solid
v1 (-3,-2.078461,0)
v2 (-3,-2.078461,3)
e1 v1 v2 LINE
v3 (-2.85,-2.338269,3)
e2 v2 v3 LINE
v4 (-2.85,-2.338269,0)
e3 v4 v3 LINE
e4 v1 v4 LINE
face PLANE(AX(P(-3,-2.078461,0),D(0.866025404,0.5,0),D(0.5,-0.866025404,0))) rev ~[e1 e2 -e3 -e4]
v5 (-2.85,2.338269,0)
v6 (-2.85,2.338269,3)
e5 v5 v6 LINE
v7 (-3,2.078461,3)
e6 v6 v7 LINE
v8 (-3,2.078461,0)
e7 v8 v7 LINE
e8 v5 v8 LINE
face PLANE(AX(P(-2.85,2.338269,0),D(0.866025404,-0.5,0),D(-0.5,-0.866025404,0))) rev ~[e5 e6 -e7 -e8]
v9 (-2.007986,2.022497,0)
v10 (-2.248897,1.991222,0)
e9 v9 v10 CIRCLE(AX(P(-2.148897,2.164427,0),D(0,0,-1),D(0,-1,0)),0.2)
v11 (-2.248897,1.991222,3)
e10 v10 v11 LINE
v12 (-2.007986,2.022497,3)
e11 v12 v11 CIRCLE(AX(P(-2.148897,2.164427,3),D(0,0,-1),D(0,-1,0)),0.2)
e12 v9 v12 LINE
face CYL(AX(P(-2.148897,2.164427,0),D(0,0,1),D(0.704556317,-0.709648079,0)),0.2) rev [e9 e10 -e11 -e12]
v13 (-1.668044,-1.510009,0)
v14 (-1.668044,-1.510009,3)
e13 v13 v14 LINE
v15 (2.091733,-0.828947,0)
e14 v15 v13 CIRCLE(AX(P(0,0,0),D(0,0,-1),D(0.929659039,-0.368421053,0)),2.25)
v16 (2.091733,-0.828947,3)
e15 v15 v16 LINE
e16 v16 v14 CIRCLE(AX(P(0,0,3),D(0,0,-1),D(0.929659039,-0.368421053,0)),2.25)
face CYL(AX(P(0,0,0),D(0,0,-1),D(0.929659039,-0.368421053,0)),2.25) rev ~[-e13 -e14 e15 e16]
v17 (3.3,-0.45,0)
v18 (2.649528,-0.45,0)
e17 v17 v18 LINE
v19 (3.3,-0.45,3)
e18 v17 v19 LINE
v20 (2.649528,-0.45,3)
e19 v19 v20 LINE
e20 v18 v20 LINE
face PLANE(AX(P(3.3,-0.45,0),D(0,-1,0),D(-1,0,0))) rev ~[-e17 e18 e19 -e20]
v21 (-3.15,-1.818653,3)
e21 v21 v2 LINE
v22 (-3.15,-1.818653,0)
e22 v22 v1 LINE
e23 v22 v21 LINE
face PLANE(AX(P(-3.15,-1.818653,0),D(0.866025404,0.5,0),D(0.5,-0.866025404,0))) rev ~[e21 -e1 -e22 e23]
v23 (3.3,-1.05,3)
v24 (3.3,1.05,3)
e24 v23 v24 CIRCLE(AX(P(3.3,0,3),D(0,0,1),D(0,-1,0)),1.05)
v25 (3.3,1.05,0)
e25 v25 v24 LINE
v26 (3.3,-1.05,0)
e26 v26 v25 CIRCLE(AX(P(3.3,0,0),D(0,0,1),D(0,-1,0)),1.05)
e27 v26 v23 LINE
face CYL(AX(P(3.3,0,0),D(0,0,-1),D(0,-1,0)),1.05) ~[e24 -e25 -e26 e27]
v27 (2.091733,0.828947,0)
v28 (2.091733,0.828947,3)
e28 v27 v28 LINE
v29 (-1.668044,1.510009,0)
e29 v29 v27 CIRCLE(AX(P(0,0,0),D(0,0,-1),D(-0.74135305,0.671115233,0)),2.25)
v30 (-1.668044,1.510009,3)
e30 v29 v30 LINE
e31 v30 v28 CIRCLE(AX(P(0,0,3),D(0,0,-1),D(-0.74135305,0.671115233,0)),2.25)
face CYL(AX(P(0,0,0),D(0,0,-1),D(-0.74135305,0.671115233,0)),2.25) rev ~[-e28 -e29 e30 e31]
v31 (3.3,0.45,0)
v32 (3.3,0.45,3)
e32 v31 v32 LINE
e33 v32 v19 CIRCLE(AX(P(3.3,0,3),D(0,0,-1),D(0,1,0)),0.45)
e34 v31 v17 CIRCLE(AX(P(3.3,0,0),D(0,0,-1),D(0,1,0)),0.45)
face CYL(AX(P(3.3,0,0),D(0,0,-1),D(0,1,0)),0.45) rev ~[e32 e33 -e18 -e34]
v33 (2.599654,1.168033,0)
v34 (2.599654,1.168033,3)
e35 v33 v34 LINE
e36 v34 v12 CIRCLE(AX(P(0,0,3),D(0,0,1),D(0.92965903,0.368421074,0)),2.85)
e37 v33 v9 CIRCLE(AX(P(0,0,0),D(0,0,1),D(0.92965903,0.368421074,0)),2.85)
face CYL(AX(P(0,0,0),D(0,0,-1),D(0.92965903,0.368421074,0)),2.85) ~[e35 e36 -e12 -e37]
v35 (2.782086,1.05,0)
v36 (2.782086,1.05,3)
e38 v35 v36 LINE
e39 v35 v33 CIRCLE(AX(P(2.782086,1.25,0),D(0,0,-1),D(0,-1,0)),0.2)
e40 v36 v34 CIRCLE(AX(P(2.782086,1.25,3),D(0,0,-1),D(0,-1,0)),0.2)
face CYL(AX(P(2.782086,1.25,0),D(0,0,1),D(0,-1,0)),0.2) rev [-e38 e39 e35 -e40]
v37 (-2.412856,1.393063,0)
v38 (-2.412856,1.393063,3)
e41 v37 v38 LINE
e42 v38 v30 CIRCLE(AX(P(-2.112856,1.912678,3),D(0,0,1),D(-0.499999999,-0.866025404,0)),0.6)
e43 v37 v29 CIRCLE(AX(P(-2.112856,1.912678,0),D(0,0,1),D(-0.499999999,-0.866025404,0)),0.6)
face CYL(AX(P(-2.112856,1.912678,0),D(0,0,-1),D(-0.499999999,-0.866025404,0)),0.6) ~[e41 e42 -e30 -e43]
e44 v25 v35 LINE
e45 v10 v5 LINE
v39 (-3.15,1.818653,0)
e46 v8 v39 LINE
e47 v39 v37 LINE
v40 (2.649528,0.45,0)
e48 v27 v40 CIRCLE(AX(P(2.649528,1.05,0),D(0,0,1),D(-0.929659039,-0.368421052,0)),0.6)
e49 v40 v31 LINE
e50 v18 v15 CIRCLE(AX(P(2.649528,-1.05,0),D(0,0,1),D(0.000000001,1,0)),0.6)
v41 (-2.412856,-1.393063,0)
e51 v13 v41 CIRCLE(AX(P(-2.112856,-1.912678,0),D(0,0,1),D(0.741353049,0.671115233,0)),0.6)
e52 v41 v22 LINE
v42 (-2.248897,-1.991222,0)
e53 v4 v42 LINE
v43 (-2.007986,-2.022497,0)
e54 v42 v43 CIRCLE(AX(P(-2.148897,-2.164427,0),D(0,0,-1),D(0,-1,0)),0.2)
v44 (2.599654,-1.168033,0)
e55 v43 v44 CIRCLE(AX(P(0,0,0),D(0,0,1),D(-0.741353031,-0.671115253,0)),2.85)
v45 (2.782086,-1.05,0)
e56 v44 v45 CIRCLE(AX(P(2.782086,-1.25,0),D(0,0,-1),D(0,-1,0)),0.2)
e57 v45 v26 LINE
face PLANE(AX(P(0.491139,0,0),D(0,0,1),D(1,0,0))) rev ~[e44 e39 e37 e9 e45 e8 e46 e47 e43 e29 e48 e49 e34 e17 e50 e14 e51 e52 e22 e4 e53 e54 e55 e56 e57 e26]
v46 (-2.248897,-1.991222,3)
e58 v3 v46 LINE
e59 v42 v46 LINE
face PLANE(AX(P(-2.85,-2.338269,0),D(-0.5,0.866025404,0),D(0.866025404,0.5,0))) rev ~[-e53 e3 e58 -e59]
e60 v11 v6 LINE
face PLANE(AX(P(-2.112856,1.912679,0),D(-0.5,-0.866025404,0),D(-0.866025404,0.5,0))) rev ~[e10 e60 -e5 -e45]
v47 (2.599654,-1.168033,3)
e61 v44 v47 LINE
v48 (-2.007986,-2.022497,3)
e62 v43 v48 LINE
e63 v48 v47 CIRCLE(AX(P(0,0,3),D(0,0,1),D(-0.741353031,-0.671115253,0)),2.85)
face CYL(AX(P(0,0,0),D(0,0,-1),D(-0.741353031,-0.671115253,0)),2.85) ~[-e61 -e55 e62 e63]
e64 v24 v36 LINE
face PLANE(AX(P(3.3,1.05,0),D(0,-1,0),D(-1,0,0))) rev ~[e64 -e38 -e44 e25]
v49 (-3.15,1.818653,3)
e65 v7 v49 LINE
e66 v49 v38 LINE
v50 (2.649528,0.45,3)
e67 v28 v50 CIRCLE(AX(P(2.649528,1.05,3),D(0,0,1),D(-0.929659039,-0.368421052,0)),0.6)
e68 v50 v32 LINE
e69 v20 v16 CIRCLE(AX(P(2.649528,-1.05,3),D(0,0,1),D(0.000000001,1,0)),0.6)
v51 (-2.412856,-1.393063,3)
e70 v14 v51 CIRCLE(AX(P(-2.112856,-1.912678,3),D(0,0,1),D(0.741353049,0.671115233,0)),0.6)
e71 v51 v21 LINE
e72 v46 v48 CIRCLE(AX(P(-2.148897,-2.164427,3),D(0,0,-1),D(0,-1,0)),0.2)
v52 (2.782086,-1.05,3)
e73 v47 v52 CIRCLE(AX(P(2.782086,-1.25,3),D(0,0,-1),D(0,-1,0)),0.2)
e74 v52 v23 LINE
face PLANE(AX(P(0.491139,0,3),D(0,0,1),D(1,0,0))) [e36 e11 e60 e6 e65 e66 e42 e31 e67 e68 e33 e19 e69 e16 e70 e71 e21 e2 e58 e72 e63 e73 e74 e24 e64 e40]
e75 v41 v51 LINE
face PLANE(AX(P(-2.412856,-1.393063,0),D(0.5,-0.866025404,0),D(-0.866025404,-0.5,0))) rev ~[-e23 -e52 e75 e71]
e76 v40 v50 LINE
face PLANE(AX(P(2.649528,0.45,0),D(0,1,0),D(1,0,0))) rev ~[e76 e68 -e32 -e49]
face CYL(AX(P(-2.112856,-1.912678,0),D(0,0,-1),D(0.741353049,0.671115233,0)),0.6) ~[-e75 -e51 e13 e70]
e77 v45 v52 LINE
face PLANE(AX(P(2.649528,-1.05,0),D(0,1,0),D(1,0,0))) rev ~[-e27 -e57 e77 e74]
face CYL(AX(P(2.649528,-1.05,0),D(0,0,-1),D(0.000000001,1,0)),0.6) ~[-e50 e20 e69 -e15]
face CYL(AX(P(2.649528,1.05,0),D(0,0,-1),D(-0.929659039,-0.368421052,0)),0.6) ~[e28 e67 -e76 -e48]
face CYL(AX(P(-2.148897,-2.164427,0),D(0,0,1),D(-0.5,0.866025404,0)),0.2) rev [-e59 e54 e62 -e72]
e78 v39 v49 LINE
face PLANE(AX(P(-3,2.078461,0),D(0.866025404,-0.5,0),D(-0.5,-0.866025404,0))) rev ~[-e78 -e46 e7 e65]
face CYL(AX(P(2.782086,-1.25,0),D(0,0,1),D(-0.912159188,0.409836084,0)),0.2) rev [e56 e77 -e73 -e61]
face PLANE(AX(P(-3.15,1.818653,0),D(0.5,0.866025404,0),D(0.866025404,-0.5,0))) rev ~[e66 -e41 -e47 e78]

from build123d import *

# Parameters (mm, degrees)
F1_DEPTH = 1
F2_SCALE = 3
F3_R     = 0.2


with BuildPart() as f1:
    # F0 (on Top) → F1 (new body)
    with BuildSketch(Plane.XY):
        with BuildLine():
            ThreePointArc((-0.5560147872, 0.5033364247), (0.1336825888, 0.7379898139), (0.6972442789, 0.2763157895))
            ThreePointArc((0.6972442789, 0.2763157895), (0.7707857892, 0.1845659616), (0.8831760866, 0.15))
            Line((0.8831760866, 0.15), (1.1, 0.15))
            ThreePointArc((1.1, 0.15), (1.25, 0), (1.1, -0.15))
            Line((1.1, -0.15), (0.8831760866, -0.15))
            ThreePointArc((0.8831760866, -0.15), (0.7707857892, -0.1845659616), (0.6972442789, -0.2763157895))
            ThreePointArc((0.6972442789, -0.2763157895), (0.1336825888, -0.7379898139), (-0.5560147872, -0.5033364247))
            ThreePointArc((-0.5560147872, -0.5033364247), (-0.6732626201, -0.4399801523), (-0.8042853971, -0.4643543905))
            Line((-0.8042853971, -0.4643543905), (-1.05, -0.6062177826))
            Line((-1.05, -0.6062177826), (-1, -0.692820323))
            Line((-1, -0.692820323), (-0.7542853971, -0.5509569309))
            ThreePointArc((-0.7542853971, -0.5509569309), (-0.6887740086, -0.5387698118), (-0.6301500921, -0.570447948))
            ThreePointArc((-0.6301500921, -0.570447948), (0.1515069339, -0.8363884558), (0.7902101828, -0.3131578947))
            ThreePointArc((0.7902101828, -0.3131578947), (0.8269809379, -0.2672829808), (0.8831760866, -0.25))
            Line((0.8831760866, -0.25), (1.1, -0.25))
            ThreePointArc((1.1, -0.25), (1.35, 0), (1.1, 0.25))
            Line((1.1, 0.25), (0.8831760866, 0.25))
            ThreePointArc((0.8831760866, 0.25), (0.8269809379, 0.2672829808), (0.7902101828, 0.3131578947))
            ThreePointArc((0.7902101828, 0.3131578947), (0.1515069339, 0.8363884558), (-0.6301500921, 0.570447948))
            ThreePointArc((-0.6301500921, 0.570447948), (-0.6887740086, 0.5387698118), (-0.7542853971, 0.5509569309))
            Line((-0.7542853971, 0.5509569309), (-1, 0.692820323))
            Line((-1, 0.692820323), (-1.05, 0.6062177826))
            Line((-1.05, 0.6062177826), (-0.8042853971, 0.4643543905))
            ThreePointArc((-0.8042853971, 0.4643543905), (-0.6732626201, 0.4399801523), (-0.5560147872, 0.5033364247))
        make_face()
        with BuildLine():
            Line((-0.949999984, 0.7794228911), (-1, 0.692820323))
            Line((-1, 0.692820323), (-0.7542853971, 0.5509569309))
            ThreePointArc((-0.7542853971, 0.5509569309), (-0.6887740086, 0.5387698118), (-0.6301500921, 0.570447948))
            ThreePointArc((-0.6301500921, 0.570447948), (0.1515069339, 0.8363884558), (0.7902101828, 0.3131578947))
            ThreePointArc((0.7902101828, 0.3131578947), (0.8269809379, 0.2672829808), (0.8831760866, 0.25))
            Line((0.8831760866, 0.25), (1.1, 0.25))
            ThreePointArc((1.1, 0.25), (1.35, 0), (1.1, -0.25))
            Line((1.1, -0.25), (0.8831760866, -0.25))
            ThreePointArc((0.8831760866, -0.25), (0.8269809379, -0.2672829808), (0.7902101828, -0.3131578947))
            ThreePointArc((0.7902101828, -0.3131578947), (0.1515069339, -0.8363884558), (-0.6301500921, -0.570447948))
            ThreePointArc((-0.6301500921, -0.570447948), (-0.6887740086, -0.5387698118), (-0.7542853971, -0.5509569309))
            Line((-0.7542853971, -0.5509569309), (-1, -0.692820323))
            Line((-1, -0.692820323), (-0.949999984, -0.7794228911))
            Line((-0.949999984, -0.7794228911), (-0.7042854035, -0.6375595118))
            ThreePointArc((-0.7042854035, -0.6375595118), (0.1693312868, -0.9347871287), (0.8831761083, -0.3500000319))
            Line((0.8831761083, -0.3500000319), (1.1, -0.3500000319))
            ThreePointArc((1.1, -0.3500000319), (1.4500000319, 0), (1.1, 0.3500000319))
            Line((1.1, 0.3500000319), (0.8831761083, 0.3500000319))
            ThreePointArc((0.8831761083, 0.3500000319), (0.1693312868, 0.9347871287), (-0.7042854035, 0.6375595118))
            Line((-0.7042854035, 0.6375595118), (-0.949999984, 0.7794228911))
        make_face()
    extrude(amount=F1_DEPTH)


with BuildPart() as f1_1:
    # F2: moved
    add(f1.part.scale(F2_SCALE))

    # F3
    f3_edges = [f1_1.edges().sort_by_distance(p)[0] for p in [
        (-2.112856, 1.912679, 1.5),
        (-2.112856, -1.912679, 1.5),
        (2.649528, -1.05, 1.5),
        (2.649528, 1.05, 1.5),
    ]]
    fillet(f3_edges, radius=F3_R)


solid = f1_1.part
